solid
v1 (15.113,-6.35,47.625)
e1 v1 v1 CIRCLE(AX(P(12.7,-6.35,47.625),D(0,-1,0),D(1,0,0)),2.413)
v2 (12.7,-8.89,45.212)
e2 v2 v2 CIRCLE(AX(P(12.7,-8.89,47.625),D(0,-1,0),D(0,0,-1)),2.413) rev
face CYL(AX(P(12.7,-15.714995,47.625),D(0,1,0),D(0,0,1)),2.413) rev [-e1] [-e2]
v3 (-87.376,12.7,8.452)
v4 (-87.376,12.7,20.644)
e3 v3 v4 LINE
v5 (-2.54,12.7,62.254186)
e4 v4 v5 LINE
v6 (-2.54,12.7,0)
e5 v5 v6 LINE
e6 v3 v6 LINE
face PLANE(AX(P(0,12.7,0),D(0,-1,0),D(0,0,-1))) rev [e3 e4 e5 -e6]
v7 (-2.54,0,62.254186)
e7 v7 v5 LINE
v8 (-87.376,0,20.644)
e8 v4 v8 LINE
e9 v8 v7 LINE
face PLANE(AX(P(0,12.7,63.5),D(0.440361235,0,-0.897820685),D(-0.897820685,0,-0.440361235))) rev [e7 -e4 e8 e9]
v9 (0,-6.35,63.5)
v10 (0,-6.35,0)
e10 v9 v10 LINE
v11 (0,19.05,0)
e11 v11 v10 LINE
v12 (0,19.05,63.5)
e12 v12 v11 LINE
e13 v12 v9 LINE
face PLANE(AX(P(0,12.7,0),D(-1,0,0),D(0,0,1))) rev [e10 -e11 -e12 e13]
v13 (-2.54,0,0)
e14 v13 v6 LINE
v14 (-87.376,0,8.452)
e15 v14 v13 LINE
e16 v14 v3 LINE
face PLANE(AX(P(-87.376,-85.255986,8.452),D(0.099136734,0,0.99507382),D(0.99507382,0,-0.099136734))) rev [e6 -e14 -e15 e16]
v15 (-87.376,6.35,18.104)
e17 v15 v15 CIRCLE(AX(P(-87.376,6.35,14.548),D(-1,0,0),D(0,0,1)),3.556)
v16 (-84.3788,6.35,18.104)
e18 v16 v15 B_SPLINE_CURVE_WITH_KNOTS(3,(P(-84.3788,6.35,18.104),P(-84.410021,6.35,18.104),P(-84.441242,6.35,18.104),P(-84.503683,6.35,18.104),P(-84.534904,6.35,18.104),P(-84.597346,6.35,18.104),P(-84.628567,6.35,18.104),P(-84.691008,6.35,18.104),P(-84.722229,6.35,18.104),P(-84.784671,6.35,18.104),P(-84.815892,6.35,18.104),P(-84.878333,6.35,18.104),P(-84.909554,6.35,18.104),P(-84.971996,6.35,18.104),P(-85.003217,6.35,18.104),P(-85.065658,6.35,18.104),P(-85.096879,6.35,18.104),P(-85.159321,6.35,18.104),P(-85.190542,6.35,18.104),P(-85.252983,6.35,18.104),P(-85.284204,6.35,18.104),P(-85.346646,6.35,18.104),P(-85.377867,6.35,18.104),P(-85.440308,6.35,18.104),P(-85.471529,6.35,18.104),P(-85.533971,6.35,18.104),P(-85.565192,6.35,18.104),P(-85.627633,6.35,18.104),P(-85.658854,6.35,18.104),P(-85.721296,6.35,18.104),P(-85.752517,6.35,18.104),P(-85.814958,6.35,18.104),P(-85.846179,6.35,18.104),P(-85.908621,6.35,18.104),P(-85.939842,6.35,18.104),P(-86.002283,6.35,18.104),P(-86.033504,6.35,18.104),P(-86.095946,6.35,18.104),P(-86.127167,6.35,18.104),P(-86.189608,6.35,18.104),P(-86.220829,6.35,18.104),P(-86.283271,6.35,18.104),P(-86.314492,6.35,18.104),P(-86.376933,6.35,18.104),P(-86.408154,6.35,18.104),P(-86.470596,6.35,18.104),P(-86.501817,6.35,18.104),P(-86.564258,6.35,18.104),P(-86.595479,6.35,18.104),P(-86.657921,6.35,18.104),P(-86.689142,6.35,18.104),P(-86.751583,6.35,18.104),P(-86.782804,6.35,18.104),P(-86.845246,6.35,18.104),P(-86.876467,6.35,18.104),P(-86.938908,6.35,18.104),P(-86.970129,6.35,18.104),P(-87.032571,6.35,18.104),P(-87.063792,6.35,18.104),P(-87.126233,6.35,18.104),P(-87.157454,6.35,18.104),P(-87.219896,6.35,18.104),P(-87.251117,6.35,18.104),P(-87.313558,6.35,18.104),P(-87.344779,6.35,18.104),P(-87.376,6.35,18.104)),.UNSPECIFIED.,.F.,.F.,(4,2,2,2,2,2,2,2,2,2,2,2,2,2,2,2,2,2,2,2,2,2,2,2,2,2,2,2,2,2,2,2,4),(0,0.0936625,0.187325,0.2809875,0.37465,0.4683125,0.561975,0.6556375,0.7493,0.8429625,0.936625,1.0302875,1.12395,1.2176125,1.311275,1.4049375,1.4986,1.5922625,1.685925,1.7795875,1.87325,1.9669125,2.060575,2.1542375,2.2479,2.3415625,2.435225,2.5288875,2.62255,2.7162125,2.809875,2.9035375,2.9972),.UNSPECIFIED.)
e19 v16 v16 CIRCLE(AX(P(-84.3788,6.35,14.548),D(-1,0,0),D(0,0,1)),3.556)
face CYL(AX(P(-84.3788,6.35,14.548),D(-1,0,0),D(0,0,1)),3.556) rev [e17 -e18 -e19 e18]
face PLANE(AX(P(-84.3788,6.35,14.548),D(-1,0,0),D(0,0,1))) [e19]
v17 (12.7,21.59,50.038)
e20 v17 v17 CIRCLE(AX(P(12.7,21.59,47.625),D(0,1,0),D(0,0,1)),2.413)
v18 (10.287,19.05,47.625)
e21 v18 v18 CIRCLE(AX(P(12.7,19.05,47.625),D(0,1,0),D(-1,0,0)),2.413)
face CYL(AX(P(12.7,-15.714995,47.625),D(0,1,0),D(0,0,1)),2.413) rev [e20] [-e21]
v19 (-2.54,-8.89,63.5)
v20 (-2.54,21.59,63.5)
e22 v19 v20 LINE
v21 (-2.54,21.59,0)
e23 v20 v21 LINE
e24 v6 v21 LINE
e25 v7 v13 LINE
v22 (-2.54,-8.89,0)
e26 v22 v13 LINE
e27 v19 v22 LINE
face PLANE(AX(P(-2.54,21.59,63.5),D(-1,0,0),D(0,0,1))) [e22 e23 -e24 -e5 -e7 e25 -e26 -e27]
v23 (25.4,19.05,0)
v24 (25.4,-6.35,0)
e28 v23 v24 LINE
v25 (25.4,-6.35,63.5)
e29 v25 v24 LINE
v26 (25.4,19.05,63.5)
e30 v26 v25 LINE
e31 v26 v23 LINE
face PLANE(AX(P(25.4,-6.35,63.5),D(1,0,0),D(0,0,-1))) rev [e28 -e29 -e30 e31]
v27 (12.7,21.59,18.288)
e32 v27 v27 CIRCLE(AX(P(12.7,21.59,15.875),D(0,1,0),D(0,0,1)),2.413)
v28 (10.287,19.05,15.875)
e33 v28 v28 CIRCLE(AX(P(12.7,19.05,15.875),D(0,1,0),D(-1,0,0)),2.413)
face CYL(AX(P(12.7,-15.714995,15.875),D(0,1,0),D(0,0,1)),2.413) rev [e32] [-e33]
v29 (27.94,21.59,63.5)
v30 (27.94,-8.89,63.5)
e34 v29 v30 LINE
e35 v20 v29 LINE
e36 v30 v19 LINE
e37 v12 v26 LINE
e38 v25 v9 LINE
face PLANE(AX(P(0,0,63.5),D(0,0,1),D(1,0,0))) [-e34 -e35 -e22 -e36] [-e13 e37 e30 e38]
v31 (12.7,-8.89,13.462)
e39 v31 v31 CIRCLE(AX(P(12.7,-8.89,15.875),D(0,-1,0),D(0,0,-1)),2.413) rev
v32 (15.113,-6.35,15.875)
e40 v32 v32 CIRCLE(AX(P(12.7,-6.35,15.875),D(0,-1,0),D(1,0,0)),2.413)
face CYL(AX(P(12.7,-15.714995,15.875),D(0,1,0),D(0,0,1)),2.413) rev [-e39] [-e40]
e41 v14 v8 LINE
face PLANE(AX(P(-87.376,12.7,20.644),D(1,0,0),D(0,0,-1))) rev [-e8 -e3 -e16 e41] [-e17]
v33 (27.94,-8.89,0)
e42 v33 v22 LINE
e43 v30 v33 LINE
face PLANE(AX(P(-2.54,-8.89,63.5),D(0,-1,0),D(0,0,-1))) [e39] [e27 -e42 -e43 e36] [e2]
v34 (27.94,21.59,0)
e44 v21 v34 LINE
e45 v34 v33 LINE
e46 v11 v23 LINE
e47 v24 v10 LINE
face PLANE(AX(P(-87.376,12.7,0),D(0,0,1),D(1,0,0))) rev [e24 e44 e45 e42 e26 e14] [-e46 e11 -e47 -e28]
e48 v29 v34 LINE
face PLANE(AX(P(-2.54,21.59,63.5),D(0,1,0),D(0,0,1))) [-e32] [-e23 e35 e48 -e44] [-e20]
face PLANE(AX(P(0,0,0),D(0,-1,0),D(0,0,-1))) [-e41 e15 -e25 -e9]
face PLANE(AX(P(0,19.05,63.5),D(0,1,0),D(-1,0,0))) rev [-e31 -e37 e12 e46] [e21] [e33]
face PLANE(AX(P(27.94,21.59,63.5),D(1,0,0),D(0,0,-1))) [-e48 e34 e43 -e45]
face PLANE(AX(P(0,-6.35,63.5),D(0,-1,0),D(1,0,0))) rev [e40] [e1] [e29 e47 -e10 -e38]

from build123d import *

# Parameters (mm, degrees)
BOSS_EXTRUDE1_DEPTH = 12.7
SKETCH2_R           = 3.556
CUT_EXTRUDE1_DEPTH  = 2.9972
SKETCH3_W           = 30.48
SKETCH3_H           = 30.48
SKETCH3_W_2         = 25.4
SKETCH3_H_2         = 25.4
BOSS_EXTRUDE2_DEPTH = 63.5
CUT_EXTRUDE2_REACH  = 114.231
SKETCH4_R           = 2.413
CUT_EXTRUDE3_DEPTH  = 12.7


with BuildPart() as part:
    # Sketch1 → Boss-Extrude1 (new body)
    with BuildSketch(Plane(origin=(0, 0, 0), x_dir=(1, 0, 0), z_dir=(0, 1, 0))):
        Polygon((-87.376, 0), (0, 0), (0, -63.5), (-87.376, -20.644), align=None)
    extrude(amount=BOSS_EXTRUDE1_DEPTH)

    # Sketch2 → Cut-Extrude1 (cut)
    with BuildSketch(Plane.ZY.offset(87.376)):
        with Locations((14.548, 6.35)):
            Circle(SKETCH2_R)
    extrude(amount=-CUT_EXTRUDE1_DEPTH, mode=Mode.SUBTRACT)

    # Sketch3 → Boss-Extrude2 (add)
    with BuildSketch(Plane(origin=(0, 0, 0), x_dir=(-1, 0, 0), z_dir=(0, 0, -1))):
        with Locations((-12.7, 6.35)):
            Rectangle(SKETCH3_W, SKETCH3_H)
        with Locations((-12.7, 6.35)):
            Rectangle(SKETCH3_W_2, SKETCH3_H_2, mode=Mode.SUBTRACT)
    extrude(amount=-BOSS_EXTRUDE2_DEPTH)

    # Cut-Extrude2: up to this face of the body (flat: up to its plane)
    cut_extrude2_end = Plane(part.part.faces().sort_by_distance((12.7, -8.89, 31.75))[0])
    # Sketch4 → Cut-Extrude2 (cut, up to the picked face)
    with BuildSketch(Plane(origin=(0, 21.59, 0), x_dir=(1, 0, 0), z_dir=(0, 1, 0)), mode=Mode.PRIVATE) as cut_extrude2_sk1:
        with Locations(Location((12.7, -15.875, 0), (0, 0, 270))):
            Circle(SKETCH4_R)
    cut_extrude2_tool1 = split(extrude(cut_extrude2_sk1.sketch, amount=-CUT_EXTRUDE2_REACH, mode=Mode.PRIVATE), bisect_by=cut_extrude2_end, keep=Keep.BOTH, mode=Mode.PRIVATE)
    # Sketch4 → Cut-Extrude2 (cut, up to the picked face)
    with BuildSketch(Plane(origin=(0, 21.59, 0), x_dir=(1, 0, 0), z_dir=(0, 1, 0)), mode=Mode.PRIVATE) as cut_extrude2_sk2:
        with Locations(Location((12.7, -47.625, 0), (0, 0, 270))):
            Circle(SKETCH4_R)
    cut_extrude2_tool2 = split(extrude(cut_extrude2_sk2.sketch, amount=-CUT_EXTRUDE2_REACH, mode=Mode.PRIVATE), bisect_by=cut_extrude2_end, keep=Keep.BOTH, mode=Mode.PRIVATE)
    add(cut_extrude2_tool1.solids().sort_by(Axis((12.7, 21.59, 15.875), (0, -1, 0)))[0], mode=Mode.SUBTRACT)
    add(cut_extrude2_tool2.solids().sort_by(Axis((12.7, 21.59, 47.625), (0, -1, 0)))[0], mode=Mode.SUBTRACT)

    # Sketch8 → Cut-Extrude3 (cut)
    with BuildSketch(Plane(origin=(0, 12.7, 0), x_dir=(1, 0, 0), z_dir=(0, 1, 0))):
        Polygon((-87.376, -8.452), (-2.54, 0), (-87.376, 0), align=None)
    extrude(amount=-CUT_EXTRUDE3_DEPTH, mode=Mode.SUBTRACT)


solid = part.part
